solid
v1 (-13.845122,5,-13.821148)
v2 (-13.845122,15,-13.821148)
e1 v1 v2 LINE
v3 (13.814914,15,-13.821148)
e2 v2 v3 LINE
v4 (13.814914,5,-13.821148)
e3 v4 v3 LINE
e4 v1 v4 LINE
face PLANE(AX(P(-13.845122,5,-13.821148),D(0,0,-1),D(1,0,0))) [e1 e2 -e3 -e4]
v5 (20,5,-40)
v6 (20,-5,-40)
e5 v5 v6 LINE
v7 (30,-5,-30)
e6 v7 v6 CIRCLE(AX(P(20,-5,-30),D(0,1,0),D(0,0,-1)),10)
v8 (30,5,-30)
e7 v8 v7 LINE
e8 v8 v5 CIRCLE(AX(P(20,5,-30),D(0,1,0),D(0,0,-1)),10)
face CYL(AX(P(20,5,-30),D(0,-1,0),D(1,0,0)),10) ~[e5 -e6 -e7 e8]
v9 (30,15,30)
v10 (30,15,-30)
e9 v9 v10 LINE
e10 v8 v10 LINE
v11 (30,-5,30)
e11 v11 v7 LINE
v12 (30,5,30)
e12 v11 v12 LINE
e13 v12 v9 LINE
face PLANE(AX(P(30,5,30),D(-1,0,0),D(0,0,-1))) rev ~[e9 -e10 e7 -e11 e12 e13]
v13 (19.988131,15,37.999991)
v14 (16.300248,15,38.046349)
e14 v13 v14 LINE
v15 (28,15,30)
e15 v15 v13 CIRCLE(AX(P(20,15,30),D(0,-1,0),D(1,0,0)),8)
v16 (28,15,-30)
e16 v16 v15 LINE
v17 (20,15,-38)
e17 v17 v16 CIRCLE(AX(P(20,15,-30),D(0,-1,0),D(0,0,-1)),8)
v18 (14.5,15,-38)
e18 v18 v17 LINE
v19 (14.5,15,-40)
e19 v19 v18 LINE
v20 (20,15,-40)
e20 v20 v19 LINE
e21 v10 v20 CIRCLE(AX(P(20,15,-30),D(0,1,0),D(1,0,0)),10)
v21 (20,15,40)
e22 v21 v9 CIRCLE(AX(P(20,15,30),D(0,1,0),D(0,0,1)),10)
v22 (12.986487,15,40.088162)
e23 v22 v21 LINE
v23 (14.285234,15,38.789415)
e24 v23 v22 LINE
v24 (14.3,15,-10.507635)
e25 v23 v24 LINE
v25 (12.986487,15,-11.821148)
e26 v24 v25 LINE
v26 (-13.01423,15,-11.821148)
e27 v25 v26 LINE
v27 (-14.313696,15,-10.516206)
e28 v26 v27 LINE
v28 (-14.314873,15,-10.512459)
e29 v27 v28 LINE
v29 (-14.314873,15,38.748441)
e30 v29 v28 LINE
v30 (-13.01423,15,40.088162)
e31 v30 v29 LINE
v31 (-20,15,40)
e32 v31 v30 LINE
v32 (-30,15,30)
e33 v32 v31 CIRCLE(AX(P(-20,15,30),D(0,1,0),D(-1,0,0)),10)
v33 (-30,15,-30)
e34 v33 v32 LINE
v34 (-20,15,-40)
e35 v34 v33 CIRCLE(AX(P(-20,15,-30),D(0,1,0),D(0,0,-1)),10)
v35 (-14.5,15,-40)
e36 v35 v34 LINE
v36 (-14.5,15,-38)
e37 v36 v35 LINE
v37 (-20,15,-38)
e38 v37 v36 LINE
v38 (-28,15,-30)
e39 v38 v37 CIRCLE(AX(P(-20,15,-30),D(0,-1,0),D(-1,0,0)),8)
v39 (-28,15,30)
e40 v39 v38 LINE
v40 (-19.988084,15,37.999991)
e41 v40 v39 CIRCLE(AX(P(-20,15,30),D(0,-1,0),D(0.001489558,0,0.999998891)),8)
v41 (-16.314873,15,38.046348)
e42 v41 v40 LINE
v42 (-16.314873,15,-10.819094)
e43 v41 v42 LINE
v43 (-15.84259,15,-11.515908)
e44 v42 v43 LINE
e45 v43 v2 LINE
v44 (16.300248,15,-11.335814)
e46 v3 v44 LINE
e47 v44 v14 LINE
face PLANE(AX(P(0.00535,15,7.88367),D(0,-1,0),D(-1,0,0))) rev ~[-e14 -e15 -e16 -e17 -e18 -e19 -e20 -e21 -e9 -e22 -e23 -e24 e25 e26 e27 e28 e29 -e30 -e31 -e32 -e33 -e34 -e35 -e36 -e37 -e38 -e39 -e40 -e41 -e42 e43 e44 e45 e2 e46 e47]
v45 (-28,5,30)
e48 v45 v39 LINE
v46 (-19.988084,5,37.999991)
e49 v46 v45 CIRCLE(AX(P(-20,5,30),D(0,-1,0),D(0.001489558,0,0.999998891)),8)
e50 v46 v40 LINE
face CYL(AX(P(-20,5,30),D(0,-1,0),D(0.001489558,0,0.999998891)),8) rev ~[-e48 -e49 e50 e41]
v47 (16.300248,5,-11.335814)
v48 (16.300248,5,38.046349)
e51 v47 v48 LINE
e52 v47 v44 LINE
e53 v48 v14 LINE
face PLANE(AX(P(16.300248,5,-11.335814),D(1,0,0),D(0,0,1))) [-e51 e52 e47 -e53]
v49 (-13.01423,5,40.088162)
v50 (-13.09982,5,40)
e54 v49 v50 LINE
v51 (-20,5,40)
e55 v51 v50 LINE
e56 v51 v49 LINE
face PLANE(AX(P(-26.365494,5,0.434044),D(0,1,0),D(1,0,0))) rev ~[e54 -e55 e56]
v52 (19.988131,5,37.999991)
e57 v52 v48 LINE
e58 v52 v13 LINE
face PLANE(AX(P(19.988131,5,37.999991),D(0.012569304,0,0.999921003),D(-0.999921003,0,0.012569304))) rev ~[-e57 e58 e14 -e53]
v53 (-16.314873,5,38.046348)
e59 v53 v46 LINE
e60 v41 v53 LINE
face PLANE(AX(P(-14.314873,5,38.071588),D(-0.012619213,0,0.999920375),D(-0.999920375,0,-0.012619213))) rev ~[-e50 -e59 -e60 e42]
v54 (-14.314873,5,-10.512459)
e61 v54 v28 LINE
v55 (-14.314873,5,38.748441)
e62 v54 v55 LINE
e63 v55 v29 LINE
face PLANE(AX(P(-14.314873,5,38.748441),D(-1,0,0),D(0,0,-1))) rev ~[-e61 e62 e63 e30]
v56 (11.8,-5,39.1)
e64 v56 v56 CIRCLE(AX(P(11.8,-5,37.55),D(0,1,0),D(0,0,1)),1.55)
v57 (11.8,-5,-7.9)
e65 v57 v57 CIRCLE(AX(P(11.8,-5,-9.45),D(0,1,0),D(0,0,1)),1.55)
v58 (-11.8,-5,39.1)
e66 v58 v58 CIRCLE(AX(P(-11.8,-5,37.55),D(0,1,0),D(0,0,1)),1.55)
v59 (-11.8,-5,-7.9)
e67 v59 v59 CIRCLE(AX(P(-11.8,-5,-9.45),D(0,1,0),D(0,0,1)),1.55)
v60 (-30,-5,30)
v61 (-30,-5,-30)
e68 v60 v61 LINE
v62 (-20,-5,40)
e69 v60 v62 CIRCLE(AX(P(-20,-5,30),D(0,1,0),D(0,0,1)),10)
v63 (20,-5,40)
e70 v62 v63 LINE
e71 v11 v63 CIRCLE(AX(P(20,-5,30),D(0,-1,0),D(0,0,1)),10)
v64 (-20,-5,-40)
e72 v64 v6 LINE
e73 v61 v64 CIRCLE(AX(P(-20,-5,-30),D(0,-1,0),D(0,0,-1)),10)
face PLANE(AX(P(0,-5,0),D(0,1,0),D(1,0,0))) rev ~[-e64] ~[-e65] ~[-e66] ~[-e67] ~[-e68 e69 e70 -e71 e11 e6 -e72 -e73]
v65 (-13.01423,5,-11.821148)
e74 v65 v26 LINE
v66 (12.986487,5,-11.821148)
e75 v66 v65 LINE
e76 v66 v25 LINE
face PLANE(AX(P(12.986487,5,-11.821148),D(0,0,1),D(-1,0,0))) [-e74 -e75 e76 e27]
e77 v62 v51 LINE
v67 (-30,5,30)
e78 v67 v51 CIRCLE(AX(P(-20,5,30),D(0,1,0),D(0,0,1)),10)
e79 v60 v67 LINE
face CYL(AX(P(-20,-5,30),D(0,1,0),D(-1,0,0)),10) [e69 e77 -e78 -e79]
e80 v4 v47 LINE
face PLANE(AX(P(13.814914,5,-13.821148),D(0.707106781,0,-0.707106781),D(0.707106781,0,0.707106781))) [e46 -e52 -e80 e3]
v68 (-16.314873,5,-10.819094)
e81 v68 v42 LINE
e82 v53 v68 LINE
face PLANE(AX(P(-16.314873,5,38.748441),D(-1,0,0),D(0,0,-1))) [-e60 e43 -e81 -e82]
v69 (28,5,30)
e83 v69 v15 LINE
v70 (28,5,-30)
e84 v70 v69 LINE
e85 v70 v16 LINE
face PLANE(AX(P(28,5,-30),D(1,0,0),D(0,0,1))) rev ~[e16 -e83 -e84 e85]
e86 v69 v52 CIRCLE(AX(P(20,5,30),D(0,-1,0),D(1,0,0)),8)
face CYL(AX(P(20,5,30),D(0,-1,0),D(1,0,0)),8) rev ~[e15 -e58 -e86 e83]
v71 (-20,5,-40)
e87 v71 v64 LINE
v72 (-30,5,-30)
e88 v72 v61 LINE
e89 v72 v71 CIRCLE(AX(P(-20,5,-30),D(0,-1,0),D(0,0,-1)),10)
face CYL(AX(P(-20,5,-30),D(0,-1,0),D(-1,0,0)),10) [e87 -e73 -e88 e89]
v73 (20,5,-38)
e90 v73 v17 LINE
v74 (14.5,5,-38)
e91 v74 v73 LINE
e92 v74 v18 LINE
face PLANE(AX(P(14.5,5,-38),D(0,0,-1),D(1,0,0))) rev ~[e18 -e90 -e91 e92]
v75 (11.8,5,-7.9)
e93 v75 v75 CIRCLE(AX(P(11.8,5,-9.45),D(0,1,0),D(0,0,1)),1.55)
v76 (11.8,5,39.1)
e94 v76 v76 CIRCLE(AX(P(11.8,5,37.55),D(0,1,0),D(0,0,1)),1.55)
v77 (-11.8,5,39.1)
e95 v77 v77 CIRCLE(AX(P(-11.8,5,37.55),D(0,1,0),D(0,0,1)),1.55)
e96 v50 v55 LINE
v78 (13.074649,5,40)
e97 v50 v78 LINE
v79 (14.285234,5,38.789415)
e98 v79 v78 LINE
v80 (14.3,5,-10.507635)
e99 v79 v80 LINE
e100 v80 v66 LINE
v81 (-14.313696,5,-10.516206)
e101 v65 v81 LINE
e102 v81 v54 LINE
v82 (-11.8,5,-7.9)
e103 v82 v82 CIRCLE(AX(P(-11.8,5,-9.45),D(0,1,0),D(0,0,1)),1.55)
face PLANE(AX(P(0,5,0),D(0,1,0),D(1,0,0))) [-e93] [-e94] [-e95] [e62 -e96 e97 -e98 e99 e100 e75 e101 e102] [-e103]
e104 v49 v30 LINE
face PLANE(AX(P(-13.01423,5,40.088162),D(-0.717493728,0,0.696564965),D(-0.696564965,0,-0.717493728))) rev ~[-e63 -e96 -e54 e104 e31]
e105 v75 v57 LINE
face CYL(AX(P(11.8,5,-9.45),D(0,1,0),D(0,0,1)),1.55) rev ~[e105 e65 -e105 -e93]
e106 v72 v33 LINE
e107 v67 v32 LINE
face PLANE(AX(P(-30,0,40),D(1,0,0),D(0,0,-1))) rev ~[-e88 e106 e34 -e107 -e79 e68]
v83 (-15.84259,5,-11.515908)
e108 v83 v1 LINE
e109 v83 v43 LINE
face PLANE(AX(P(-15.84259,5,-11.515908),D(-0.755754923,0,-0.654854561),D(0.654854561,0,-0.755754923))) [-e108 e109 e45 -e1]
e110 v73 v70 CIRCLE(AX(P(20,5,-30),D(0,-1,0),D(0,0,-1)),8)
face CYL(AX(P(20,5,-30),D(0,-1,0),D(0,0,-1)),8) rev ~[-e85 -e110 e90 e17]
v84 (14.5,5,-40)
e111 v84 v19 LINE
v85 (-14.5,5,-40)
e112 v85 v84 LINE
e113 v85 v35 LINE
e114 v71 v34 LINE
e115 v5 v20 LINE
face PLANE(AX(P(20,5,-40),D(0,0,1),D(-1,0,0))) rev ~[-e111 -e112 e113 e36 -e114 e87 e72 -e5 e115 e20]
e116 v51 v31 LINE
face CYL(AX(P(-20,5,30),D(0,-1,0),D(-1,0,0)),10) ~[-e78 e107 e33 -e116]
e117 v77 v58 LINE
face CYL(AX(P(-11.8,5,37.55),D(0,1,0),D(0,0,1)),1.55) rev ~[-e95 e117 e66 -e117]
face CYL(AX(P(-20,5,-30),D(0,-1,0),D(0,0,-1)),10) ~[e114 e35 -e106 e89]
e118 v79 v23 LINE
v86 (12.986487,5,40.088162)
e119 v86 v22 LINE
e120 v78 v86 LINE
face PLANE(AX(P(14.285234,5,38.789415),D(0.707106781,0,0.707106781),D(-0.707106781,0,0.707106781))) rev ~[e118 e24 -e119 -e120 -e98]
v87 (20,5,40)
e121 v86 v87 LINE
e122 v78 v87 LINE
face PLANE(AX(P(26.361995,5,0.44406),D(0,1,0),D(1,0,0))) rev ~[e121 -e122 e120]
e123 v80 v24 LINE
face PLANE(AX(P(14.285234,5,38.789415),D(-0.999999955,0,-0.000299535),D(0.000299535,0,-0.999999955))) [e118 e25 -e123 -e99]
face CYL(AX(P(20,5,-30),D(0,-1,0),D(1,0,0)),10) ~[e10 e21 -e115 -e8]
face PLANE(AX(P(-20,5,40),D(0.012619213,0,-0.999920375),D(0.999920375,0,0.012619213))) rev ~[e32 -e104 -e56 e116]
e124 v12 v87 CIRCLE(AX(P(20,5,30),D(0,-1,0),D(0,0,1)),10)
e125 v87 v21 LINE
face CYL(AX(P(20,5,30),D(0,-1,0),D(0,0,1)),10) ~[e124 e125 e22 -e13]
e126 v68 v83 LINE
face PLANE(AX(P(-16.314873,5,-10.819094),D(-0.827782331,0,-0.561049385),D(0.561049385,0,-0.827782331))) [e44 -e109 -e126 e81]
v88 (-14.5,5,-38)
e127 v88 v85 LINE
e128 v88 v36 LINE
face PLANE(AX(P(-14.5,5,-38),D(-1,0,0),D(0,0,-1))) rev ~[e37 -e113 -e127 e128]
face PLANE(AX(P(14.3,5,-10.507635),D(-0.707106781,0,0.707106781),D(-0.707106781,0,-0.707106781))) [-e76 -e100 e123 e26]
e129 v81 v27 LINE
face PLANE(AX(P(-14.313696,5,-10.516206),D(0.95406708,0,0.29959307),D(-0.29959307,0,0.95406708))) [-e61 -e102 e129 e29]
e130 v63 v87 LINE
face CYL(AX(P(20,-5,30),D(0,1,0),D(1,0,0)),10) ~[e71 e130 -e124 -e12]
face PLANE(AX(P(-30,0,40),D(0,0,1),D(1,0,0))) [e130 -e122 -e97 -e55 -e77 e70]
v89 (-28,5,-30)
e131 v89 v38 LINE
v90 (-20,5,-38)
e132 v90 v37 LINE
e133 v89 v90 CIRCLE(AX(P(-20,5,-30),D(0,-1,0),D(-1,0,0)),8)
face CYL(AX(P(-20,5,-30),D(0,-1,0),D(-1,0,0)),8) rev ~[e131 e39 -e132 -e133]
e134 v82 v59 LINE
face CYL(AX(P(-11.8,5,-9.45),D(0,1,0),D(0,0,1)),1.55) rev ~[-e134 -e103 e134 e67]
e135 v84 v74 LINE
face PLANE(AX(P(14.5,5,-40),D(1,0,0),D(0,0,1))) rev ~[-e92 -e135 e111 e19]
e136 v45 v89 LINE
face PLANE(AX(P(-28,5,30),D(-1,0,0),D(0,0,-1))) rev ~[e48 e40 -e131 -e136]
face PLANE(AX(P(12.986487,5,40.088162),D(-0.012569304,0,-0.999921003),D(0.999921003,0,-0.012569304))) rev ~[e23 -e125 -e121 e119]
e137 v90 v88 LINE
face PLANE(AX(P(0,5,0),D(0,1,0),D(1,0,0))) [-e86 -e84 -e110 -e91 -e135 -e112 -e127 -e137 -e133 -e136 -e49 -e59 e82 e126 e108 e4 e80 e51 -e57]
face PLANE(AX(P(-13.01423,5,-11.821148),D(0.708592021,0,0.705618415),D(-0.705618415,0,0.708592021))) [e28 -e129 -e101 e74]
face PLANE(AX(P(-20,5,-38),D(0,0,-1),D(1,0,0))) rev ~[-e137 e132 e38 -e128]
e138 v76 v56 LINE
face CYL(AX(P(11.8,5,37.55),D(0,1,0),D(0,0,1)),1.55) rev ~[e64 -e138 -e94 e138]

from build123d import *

# Parameters (mm, degrees)
SKETCH1_W           = 60
SKETCH1_H           = 80
BOSS_EXTRUDE1_DEPTH = 5
FILLET1_R           = 10
SKETCH3_R           = 1.55
CUT_EXTRUDE11_DEPTH = 10
BOSS_EXTRUDE2_DEPTH = 10
BOSS_EXTRUDE3_DEPTH = 10


with BuildPart() as part:
    # Sketch1 → Boss-Extrude1 (new, symmetric)
    with BuildSketch(Plane(origin=(0, 0, 0), x_dir=(1, 0, 0), z_dir=(0, 1, 0))):
        Rectangle(SKETCH1_W, SKETCH1_H)
    extrude(amount=BOSS_EXTRUDE1_DEPTH, both=True)

    # Fillet1
    fillet1_edges = [part.edges().sort_by_distance(p)[0] for p in [
        (-30, 0, -40),
        (30, 0, -40),
        (30, 0, 40),
        (-30, 0, 40),
    ]]
    fillet(fillet1_edges, radius=FILLET1_R)

    # Sketch3 → Cut-Extrude11 (cut)
    with BuildSketch(Plane(origin=(0, 5, 0), x_dir=(1, 0, 0), z_dir=(0, 1, 0))):
        with Locations(Location((-11.8, 9.45, 0), (0, 0, 270))):
            Circle(SKETCH3_R)
        with Locations(Location((11.8, 9.45, 0), (0, 0, 270))):
            Circle(SKETCH3_R)
        with Locations(Location((-11.8, -37.55, 0), (0, 0, 270))):
            Circle(SKETCH3_R)
        with Locations(Location((11.8, -37.55, 0), (0, 0, 270))):
            Circle(SKETCH3_R)
    extrude(amount=-CUT_EXTRUDE11_DEPTH, mode=Mode.SUBTRACT)

    # Sketch6 → Boss-Extrude2 (add)
    with BuildSketch(Plane(origin=(0, 5, 0), x_dir=(1, 0, 0), z_dir=(0, 1, 0))):
        with BuildLine():
            Line((30, -30), (30, 30))
            ThreePointArc((30, 30), (27.071067812, 37.071067812), (20, 40))
            Line((20, 40), (14.5, 40))
            Line((14.5, 40), (14.5, 38))
            Line((14.5, 38), (20, 38))
            ThreePointArc((20, 38), (25.656854249, 35.656854249), (28, 30))
            Line((28, 30), (28, -30))
            ThreePointArc((28, -30), (25.652656249, -35.661049137), (19.988130666, -37.999991195))
            Line((19.988130666, -37.999991195), (14.301118682, -38.071478623))
            Line((14.301118682, -38.071478623), (14.285233791, -38.789415009))
            Line((14.285233791, -38.789415009), (12.98648686, -40.088161941))
            Line((12.98648686, -40.088161941), (20, -40))
            ThreePointArc((20, -40), (27.071067812, -37.071067812), (30, -30))
        make_face()
        with BuildLine():
            Line((-30, 30), (-30, -30))
            ThreePointArc((-30, -30), (-27.071067812, -37.071067812), (-20, -40))
            Line((-20, -40), (-13.014230023, -40.088161941))
            Line((-13.014230023, -40.088161941), (-14.314872692, -38.748440589))
            Line((-14.314872692, -38.748440589), (-14.314872692, -38.071588283))
            Line((-14.314872692, -38.071588283), (-19.988083532, -37.999991125))
            ThreePointArc((-19.988083532, -37.999991125), (-25.652639572, -35.661065789), (-28, -30))
            Line((-28, -30), (-28, 30))
            ThreePointArc((-28, 30), (-25.656854249, 35.656854249), (-20, 38))
            Line((-20, 38), (-14.5, 38))
            Line((-14.5, 38), (-14.5, 40))
            Line((-14.5, 40), (-20, 40))
            ThreePointArc((-20, 40), (-27.071067812, 37.071067812), (-30, 30))
        make_face()
    extrude(amount=BOSS_EXTRUDE2_DEPTH)

    # Sketch5 → Boss-Extrude3 (add)
    with BuildSketch(Plane(origin=(0, 5, 0), x_dir=(1, 0, 0), z_dir=(0, 1, 0))):
        Polygon((14.285233791, -38.789415009), (14.3, 10.507634941), (12.98648686, 11.821148081), (-13.014230023, 11.821148081), (-14.31369616, 10.516205754), (-14.314872692, 10.512459037), (-14.314872692, -38.748440589), (-16.314872692, -38.748440589), (-16.314872692, 10.819094366), (-15.842590188, 11.515908447), (-13.84512164, 13.821148081), (13.814913984, 13.821148081), (16.300248159, 11.335813907), (16.300248159, -38.789415009), align=None)
    extrude(amount=BOSS_EXTRUDE3_DEPTH)


solid = part.part
